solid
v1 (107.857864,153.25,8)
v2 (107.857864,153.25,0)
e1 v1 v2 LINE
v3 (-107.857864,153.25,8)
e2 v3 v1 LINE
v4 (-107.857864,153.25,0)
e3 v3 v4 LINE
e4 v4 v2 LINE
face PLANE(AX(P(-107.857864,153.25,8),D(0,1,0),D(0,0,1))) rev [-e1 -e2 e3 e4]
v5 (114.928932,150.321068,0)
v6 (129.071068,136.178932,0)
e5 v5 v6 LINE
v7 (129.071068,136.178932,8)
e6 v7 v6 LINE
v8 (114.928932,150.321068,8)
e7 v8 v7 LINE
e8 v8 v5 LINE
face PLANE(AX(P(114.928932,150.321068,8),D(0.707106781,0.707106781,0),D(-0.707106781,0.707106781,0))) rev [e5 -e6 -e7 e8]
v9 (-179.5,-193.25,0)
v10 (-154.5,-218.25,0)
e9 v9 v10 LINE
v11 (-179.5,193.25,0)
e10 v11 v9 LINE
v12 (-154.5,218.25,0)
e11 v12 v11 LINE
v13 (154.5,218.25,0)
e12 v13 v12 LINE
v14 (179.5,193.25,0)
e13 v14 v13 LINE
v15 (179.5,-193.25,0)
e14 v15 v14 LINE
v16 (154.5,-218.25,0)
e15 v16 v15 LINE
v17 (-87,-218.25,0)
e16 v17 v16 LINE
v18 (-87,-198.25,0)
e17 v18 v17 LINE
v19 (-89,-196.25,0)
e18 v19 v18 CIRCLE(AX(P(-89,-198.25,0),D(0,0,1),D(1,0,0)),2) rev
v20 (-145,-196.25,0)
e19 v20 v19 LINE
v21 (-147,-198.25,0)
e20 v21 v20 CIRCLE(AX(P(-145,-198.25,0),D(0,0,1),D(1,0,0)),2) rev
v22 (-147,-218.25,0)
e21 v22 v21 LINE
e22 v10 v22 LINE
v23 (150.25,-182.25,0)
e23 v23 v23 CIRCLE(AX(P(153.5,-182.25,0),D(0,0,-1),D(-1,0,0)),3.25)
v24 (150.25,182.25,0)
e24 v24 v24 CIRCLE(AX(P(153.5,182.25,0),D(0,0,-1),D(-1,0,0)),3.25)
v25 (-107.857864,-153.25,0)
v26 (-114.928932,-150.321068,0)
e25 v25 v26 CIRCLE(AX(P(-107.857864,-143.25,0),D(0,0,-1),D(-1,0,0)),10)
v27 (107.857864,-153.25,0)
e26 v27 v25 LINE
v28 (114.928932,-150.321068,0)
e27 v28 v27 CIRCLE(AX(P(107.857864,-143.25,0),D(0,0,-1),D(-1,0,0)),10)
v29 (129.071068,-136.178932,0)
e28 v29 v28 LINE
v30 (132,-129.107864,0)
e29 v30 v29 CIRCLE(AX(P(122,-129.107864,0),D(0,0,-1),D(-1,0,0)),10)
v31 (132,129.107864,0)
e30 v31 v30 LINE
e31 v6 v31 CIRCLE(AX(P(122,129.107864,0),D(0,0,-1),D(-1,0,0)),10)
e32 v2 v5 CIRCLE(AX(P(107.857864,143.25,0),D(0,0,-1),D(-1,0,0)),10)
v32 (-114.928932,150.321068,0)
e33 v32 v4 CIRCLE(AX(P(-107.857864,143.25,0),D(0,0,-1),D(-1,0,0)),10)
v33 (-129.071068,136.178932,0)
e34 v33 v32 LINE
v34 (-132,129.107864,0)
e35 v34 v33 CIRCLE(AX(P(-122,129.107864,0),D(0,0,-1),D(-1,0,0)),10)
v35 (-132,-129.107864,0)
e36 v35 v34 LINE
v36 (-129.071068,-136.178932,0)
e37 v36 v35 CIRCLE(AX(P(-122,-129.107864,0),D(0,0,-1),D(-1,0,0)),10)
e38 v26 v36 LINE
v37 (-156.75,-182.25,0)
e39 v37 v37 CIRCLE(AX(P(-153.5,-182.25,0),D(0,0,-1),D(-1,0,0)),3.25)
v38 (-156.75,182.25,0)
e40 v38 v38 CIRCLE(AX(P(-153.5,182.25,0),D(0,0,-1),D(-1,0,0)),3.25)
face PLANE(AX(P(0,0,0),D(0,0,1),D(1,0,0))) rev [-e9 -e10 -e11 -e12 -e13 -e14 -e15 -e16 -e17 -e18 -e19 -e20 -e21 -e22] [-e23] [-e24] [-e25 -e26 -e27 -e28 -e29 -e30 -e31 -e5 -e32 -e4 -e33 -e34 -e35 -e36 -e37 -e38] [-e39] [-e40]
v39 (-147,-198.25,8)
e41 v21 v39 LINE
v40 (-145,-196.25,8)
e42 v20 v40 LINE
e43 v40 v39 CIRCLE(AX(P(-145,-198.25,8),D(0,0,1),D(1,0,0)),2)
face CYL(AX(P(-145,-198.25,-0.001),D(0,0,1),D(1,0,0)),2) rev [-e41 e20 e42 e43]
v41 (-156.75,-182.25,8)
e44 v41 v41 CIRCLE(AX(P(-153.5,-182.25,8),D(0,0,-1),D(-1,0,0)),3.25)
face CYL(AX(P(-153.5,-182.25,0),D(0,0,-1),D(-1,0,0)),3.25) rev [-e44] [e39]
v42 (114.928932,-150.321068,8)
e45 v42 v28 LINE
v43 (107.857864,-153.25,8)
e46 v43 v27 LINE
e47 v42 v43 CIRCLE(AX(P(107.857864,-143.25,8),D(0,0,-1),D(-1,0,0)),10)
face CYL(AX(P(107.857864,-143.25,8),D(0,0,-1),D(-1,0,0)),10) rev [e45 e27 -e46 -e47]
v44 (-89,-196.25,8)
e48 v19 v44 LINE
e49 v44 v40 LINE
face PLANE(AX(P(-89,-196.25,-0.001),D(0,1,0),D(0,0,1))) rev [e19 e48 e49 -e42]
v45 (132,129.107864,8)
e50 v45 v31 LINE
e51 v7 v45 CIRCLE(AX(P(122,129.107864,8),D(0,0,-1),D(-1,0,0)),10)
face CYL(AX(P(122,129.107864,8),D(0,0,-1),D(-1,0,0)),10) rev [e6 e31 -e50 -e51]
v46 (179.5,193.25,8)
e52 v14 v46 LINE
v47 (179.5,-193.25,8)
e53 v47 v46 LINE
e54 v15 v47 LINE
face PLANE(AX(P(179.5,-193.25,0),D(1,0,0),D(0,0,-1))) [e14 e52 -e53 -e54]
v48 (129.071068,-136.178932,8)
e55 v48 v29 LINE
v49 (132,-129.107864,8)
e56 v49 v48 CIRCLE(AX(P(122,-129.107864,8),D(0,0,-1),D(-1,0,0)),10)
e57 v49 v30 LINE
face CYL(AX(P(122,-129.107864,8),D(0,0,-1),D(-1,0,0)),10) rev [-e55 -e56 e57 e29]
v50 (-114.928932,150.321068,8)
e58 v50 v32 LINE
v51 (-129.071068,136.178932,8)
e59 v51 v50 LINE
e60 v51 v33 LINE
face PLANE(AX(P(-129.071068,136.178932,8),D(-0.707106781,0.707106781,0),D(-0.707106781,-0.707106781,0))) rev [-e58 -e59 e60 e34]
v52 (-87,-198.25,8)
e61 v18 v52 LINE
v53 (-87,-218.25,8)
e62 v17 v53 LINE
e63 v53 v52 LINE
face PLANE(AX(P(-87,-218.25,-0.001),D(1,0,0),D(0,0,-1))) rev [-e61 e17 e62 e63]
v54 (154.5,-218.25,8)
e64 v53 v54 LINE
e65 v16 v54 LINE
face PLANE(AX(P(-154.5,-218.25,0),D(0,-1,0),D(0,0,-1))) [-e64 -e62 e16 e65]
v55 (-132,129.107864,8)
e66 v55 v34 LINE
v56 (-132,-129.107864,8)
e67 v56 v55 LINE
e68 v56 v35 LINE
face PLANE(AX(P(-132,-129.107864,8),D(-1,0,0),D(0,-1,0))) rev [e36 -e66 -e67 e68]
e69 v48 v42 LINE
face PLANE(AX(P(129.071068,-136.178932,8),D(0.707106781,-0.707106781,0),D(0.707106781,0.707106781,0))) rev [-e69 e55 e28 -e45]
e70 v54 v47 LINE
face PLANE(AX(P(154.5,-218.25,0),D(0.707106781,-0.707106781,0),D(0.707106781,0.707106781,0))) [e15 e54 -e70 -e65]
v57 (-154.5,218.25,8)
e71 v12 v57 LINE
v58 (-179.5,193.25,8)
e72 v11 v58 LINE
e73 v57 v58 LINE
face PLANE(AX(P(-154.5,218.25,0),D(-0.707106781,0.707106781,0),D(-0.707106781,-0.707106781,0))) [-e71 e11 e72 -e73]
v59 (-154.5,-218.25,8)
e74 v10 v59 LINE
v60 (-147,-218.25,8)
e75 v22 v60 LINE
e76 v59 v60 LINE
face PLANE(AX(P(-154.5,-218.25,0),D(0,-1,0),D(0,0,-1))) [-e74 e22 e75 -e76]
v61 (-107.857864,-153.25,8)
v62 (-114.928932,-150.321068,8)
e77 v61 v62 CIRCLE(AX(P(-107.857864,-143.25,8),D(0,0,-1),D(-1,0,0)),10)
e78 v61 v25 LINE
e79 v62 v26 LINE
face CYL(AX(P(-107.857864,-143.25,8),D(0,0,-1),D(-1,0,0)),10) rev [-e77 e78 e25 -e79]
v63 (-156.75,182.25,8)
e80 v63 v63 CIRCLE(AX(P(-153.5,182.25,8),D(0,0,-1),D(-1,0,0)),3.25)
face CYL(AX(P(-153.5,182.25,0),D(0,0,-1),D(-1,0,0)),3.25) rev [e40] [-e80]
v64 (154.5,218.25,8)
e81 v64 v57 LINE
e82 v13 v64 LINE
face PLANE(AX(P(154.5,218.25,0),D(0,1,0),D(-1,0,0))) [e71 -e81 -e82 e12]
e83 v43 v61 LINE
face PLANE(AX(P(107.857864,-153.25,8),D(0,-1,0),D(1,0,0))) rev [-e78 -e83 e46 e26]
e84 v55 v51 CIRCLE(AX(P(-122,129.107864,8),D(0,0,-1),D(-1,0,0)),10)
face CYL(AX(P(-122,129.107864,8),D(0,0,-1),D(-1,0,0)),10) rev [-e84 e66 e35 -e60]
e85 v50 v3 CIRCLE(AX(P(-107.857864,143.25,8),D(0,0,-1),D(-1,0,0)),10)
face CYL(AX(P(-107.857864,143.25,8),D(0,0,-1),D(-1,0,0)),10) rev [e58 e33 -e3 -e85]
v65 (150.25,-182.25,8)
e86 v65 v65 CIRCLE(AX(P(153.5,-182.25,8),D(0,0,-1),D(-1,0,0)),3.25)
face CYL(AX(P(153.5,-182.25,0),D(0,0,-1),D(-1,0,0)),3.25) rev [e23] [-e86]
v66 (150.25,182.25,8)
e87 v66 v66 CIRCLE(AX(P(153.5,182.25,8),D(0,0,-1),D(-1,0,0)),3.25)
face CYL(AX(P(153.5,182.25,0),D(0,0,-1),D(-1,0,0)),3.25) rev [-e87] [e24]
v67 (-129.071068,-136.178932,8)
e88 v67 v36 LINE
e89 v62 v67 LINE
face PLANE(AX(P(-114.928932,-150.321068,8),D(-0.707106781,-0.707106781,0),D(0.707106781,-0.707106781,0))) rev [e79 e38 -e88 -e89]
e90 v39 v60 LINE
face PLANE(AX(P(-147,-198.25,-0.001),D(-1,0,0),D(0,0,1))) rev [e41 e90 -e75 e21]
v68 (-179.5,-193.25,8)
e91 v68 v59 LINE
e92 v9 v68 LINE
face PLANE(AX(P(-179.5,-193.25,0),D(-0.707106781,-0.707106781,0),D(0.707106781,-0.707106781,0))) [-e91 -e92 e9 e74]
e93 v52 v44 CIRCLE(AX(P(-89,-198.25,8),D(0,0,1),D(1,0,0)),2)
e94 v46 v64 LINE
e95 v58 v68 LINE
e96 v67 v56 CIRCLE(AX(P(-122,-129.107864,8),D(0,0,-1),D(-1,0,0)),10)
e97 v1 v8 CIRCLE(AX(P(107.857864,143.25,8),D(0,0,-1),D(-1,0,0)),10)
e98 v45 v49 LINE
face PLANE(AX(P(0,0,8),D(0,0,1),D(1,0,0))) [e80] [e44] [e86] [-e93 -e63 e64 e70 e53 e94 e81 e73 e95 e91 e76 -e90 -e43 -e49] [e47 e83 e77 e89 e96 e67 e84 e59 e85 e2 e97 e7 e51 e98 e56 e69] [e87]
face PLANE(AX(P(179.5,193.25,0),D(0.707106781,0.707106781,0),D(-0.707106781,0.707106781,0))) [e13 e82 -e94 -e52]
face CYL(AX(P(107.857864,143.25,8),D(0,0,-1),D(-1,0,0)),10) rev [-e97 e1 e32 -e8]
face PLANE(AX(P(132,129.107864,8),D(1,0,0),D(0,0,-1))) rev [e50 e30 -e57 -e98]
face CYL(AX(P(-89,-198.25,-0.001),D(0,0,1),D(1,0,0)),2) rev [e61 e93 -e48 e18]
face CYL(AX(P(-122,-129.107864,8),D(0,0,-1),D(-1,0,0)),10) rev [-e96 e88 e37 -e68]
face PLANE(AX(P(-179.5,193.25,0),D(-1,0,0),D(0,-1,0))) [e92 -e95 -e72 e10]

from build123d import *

# Parameters (mm, degrees)
BOSS_EXTRUDE1_DEPTH        = 8
CUT_EXTRUDE1_DEPTH         = 283.696502476
CUT_EXTRUDE2_DEPTH         = 283.696502476
F_6_5_6_5_DIAMETER_HOLE2_D = 6.5
CUT_EXTRUDE3_REACH         = 284.697


with BuildPart() as part:
    # Sketch1 → Boss-Extrude1 (new body)
    with BuildSketch(Plane.XY.offset(8)):
        Polygon((-154.499999959, -218.249999957), (154.500000044, -218.249999957), (179.500000086, -193.249999916), (179.500000086, 193.249999916), (154.500000044, 218.249999957), (-154.499999959, 218.249999957), (-179.5, 193.249999916), (-179.5, -193.249999916), align=None)
    extrude(amount=-BOSS_EXTRUDE1_DEPTH)

    # Sketch2 → Cut-Extrude1 (cut, through all)
    with BuildSketch(Plane(origin=(0, 0, 0), x_dir=(-1, 0, 0), z_dir=(0, 0, -1))):
        with BuildLine():
            Line((-107.857864329, -153.249999987), (107.857864423, -153.249999987))
            ThreePointArc((107.857864423, -153.249999987), (111.684698748, -152.488795312), (114.928932237, -150.321067798))
            Line((114.928932237, -150.321067798), (129.071067861, -136.178932174))
            ThreePointArc((129.071067861, -136.178932174), (131.23879537, -132.934698692), (132.000000044, -129.107864376))
            Line((132.000000044, -129.107864376), (132.000000044, 129.107864376))
            ThreePointArc((132.000000044, 129.107864376), (131.23879537, 132.934698692), (129.071067861, 136.178932174))
            Line((129.071067861, 136.178932174), (114.928932237, 150.321067798))
            ThreePointArc((114.928932237, 150.321067798), (111.684698748, 152.488795312), (107.857864423, 153.249999987))
            Line((107.857864423, 153.249999987), (-107.857864329, 153.249999987))
            ThreePointArc((-107.857864329, 153.249999987), (-111.684698653, 152.488795312), (-114.928932143, 150.321067798))
            Line((-114.928932143, 150.321067798), (-129.071067767, 136.178932174))
            ThreePointArc((-129.071067767, 136.178932174), (-131.238795276, 132.934698692), (-131.999999949, 129.107864376))
            Line((-131.999999949, 129.107864376), (-131.999999949, -129.107864376))
            ThreePointArc((-131.999999949, -129.107864376), (-131.238795276, -132.934698692), (-129.071067767, -136.178932174))
            Line((-129.071067767, -136.178932174), (-114.928932143, -150.321067798))
            ThreePointArc((-114.928932143, -150.321067798), (-111.684698653, -152.488795312), (-107.857864329, -153.249999987))
        make_face()
    extrude(amount=-CUT_EXTRUDE1_DEPTH, mode=Mode.SUBTRACT)

    # Sketch3 → Cut-Extrude2 (cut, through all)
    with BuildSketch(Plane(origin=(0, 0, 0), x_dir=(-1, 0, 0), z_dir=(0, 0, -1))):
        with BuildLine():
            Line((134.249999927, -198.50000003), (124.249999986, -198.50000003))
            ThreePointArc((124.249999986, -198.50000003), (122.835786445, -199.085786459), (122.250000016, -200.5))
            Line((122.250000016, -200.5), (122.250000016, -209.5))
            ThreePointArc((122.250000016, -209.5), (122.835786436, -210.91421352), (124.249999956, -211.49999994))
            Line((124.249999956, -211.49999994), (134.249999956, -211.49999994))
            ThreePointArc((134.249999956, -211.49999994), (135.664213457, -210.914213528), (136.249999869, -209.500000027))
            Line((136.249999869, -209.500000027), (136.249999869, -200.499999973))
            ThreePointArc((136.249999869, -200.499999973), (135.664213448, -199.085786451), (134.249999927, -198.50000003))
        make_face()
    extrude(amount=-CUT_EXTRUDE2_DEPTH, mode=Mode.SUBTRACT)

    # Ø6.5 (6.5) Diameter Hole2 (through all)
    with Locations(Plane(origin=(0, 0, 0), x_dir=(-1, 0, 0), z_dir=(0, 0, -1))):
        with Locations((-153.5, -182.25), (153.5, -182.25), (-153.5, 182.25), (153.5, 182.25)):
            Hole(F_6_5_6_5_DIAMETER_HOLE2_D / 2)

    # Sketch8 → Cut-Extrude3 (cut, up to next)
    with BuildSketch(Plane.XY.offset(8), mode=Mode.PRIVATE) as cut_extrude3_sk1:
        with BuildLine():
            Line((-89, -196.249999957), (-145, -196.249999957))
            ThreePointArc((-145, -196.249999957), (-146.414213562, -196.835786395), (-147, -198.249999957))
            Line((-147, -198.249999957), (-147, -218.249999957))
            Line((-147, -218.249999957), (-87, -218.249999957))
            Line((-87, -218.249999957), (-87, -198.249999957))
            ThreePointArc((-87, -198.249999957), (-87.585786438, -196.835786395), (-89, -196.249999957))
        make_face()
    cut_extrude3_tool1 = extrude(cut_extrude3_sk1.sketch, amount=-CUT_EXTRUDE3_REACH, mode=Mode.PRIVATE) & part.part
    add(cut_extrude3_tool1.solids().sort_by_distance((-117, -207.263744, 8))[0], mode=Mode.SUBTRACT)


solid = part.part
